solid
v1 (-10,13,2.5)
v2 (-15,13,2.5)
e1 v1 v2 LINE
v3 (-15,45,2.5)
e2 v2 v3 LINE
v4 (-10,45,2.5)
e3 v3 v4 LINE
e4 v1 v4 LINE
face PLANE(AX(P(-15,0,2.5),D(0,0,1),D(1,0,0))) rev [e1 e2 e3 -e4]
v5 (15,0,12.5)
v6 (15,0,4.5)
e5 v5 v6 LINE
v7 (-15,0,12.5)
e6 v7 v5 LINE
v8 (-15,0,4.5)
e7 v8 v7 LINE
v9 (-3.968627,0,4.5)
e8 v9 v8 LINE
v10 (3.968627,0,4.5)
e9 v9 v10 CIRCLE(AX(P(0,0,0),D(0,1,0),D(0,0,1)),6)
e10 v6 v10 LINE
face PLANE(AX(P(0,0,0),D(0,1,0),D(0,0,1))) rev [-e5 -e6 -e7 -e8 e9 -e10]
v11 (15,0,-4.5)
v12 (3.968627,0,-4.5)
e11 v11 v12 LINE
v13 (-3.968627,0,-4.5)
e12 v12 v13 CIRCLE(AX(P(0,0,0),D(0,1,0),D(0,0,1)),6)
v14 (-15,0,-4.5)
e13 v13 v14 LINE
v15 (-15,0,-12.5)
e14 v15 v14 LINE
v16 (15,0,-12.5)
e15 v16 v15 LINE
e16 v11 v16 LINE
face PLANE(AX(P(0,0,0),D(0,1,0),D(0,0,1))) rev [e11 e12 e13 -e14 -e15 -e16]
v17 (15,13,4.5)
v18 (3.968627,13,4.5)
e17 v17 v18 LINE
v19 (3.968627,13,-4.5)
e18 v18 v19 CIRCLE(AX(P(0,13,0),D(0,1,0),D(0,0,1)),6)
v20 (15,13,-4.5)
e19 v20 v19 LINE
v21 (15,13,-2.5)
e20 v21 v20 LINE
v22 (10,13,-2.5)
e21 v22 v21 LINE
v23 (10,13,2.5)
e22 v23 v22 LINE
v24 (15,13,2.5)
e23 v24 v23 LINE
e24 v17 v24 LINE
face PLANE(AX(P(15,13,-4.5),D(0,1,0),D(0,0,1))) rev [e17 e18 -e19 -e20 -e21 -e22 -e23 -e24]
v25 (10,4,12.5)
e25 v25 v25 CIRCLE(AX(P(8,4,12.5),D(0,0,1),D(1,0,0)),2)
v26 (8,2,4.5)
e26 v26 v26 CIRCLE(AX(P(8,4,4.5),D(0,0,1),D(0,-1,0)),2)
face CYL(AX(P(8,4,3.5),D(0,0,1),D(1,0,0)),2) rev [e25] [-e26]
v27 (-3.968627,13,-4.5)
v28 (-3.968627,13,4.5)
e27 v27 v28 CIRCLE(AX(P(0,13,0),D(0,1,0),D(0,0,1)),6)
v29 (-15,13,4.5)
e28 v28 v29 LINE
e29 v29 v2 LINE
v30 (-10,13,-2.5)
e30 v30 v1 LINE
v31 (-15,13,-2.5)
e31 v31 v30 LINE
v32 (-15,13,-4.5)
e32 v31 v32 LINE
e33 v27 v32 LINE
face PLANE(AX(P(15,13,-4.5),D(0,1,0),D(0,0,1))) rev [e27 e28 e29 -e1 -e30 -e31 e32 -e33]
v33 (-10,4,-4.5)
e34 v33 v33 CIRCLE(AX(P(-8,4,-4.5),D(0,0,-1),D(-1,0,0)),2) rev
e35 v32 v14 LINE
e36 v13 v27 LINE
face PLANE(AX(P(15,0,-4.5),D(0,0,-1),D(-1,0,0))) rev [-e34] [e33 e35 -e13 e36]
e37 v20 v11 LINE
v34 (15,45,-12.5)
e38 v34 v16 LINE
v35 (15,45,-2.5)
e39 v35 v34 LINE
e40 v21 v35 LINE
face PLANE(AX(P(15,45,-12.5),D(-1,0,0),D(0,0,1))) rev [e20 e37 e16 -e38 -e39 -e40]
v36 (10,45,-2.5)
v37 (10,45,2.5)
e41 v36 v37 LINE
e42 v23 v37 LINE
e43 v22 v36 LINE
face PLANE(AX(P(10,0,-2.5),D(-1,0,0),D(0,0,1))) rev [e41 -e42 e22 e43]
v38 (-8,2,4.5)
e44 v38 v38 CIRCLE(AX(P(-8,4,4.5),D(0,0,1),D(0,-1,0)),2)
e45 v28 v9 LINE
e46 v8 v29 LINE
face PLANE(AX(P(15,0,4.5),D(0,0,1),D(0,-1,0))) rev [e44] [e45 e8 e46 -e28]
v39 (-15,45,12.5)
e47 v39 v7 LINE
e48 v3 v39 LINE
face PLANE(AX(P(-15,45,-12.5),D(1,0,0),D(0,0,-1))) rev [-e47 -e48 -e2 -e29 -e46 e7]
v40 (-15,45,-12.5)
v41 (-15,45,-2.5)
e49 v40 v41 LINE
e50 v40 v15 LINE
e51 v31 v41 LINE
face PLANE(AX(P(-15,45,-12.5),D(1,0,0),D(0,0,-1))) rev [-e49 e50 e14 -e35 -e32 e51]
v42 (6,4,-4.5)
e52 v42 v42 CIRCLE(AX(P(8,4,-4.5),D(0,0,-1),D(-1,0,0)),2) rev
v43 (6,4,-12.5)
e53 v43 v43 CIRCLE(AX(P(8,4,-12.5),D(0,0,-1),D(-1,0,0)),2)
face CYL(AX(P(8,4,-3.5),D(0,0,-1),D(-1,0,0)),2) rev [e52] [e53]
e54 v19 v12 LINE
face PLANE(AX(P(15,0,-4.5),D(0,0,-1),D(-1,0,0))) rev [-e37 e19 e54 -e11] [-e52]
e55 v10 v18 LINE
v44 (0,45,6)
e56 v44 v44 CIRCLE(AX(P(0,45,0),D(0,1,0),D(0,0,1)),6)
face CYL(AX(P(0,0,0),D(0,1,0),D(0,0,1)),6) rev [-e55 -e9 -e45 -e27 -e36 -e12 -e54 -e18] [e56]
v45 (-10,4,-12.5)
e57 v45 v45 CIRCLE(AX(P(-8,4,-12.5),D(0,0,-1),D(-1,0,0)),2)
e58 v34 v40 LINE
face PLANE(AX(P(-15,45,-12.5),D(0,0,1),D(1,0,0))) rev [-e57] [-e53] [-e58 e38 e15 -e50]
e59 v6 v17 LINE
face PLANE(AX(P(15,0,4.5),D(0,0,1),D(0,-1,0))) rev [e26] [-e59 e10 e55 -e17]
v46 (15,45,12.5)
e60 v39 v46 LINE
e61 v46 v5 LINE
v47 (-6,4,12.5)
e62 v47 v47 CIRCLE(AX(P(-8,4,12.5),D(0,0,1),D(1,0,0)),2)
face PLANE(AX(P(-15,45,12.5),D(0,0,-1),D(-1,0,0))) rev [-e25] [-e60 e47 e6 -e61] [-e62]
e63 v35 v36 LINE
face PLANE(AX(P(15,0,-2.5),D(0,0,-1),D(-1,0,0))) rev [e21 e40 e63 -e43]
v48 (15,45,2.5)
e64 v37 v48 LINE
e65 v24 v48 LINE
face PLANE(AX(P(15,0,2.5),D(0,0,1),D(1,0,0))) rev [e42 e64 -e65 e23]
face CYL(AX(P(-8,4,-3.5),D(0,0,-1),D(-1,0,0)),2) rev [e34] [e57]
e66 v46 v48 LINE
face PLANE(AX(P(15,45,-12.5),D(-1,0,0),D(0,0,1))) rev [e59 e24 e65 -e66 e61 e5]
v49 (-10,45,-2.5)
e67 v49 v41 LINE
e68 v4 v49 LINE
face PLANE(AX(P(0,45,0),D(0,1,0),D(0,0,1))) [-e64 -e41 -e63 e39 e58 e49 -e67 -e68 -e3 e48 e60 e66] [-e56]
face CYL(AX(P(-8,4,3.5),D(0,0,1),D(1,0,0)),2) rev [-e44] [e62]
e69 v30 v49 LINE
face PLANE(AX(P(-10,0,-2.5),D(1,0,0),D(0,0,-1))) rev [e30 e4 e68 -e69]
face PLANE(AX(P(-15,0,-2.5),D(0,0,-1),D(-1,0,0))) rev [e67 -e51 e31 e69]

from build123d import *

# Parameters (mm, degrees)
SKETCH1_W           = 30
SKETCH1_H           = 25
BOSS_EXTRUDE1_DEPTH = 45
SKETCH2_W           = 5
SKETCH2_H           = 5
CUT_EXTRUDE1_DEPTH  = 45
SKETCH4_R           = 2
CUT_EXTRUDE17_DEPTH = 9
SKETCH5_W           = 9
SKETCH5_H           = 13
CUT_EXTRUDE18_DEPTH = 56.509008278
CUT_EXTRUDE19_START = -9
SKETCH6_R           = 2
CUT_EXTRUDE19_DEPTH = 9
SKETCH7_R           = 6
CUT_EXTRUDE20_DEPTH = 50.053542176


with BuildPart() as part:
    # Sketch1 → Boss-Extrude1 (new body)
    with BuildSketch(Plane(origin=(0, 0, 0), x_dir=(1, 0, 0), z_dir=(0, 1, 0))):
        Rectangle(SKETCH1_W, SKETCH1_H)
    extrude(amount=BOSS_EXTRUDE1_DEPTH)

    # Sketch2 → Cut-Extrude1 (cut)
    with BuildSketch(Plane(origin=(0, 45, 0), x_dir=(1, 0, 0), z_dir=(0, 1, 0))):
        with Locations((12.5, 0)):
            Rectangle(SKETCH2_W, SKETCH2_H)
        with Locations((-12.5, 0)):
            Rectangle(SKETCH2_W, SKETCH2_H)
    extrude(amount=-CUT_EXTRUDE1_DEPTH, mode=Mode.SUBTRACT)

    # Sketch4 → Cut-Extrude17 (cut)
    with BuildSketch(Plane(origin=(0, 0, -12.5), x_dir=(-1, 0, 0), z_dir=(0, 0, -1))):
        with Locations((8, 4)):
            Circle(SKETCH4_R)
        with Locations((-8, 4)):
            Circle(SKETCH4_R)
    extrude(amount=-CUT_EXTRUDE17_DEPTH, mode=Mode.SUBTRACT)

    # Sketch5 → Cut-Extrude18 (cut, through all)
    with BuildSketch(Plane.ZY.offset(15)):
        with Locations((0, 6.5)):
            Rectangle(SKETCH5_W, SKETCH5_H)
    extrude(amount=-CUT_EXTRUDE18_DEPTH, mode=Mode.SUBTRACT)

    # Sketch6 → Cut-Extrude19 (cut)
    with BuildSketch(Plane.XY.offset(12.5).offset(CUT_EXTRUDE19_START)):
        with Locations(Location((8, 4, 0), (0, 0, 180))):
            Circle(SKETCH6_R)
        with Locations(Location((-8, 4, 0), (0, 0, 180))):
            Circle(SKETCH6_R)
    extrude(amount=CUT_EXTRUDE19_DEPTH, mode=Mode.SUBTRACT)

    # Sketch7 → Cut-Extrude20 (cut, through all)
    with BuildSketch(Plane(origin=(0, 45, 0), x_dir=(1, 0, 0), z_dir=(0, 1, 0))):
        with Locations(Location((0, 0, 0), (0, 0, 270))):
            Circle(SKETCH7_R)
    extrude(amount=-CUT_EXTRUDE20_DEPTH, mode=Mode.SUBTRACT)


solid = part.part
